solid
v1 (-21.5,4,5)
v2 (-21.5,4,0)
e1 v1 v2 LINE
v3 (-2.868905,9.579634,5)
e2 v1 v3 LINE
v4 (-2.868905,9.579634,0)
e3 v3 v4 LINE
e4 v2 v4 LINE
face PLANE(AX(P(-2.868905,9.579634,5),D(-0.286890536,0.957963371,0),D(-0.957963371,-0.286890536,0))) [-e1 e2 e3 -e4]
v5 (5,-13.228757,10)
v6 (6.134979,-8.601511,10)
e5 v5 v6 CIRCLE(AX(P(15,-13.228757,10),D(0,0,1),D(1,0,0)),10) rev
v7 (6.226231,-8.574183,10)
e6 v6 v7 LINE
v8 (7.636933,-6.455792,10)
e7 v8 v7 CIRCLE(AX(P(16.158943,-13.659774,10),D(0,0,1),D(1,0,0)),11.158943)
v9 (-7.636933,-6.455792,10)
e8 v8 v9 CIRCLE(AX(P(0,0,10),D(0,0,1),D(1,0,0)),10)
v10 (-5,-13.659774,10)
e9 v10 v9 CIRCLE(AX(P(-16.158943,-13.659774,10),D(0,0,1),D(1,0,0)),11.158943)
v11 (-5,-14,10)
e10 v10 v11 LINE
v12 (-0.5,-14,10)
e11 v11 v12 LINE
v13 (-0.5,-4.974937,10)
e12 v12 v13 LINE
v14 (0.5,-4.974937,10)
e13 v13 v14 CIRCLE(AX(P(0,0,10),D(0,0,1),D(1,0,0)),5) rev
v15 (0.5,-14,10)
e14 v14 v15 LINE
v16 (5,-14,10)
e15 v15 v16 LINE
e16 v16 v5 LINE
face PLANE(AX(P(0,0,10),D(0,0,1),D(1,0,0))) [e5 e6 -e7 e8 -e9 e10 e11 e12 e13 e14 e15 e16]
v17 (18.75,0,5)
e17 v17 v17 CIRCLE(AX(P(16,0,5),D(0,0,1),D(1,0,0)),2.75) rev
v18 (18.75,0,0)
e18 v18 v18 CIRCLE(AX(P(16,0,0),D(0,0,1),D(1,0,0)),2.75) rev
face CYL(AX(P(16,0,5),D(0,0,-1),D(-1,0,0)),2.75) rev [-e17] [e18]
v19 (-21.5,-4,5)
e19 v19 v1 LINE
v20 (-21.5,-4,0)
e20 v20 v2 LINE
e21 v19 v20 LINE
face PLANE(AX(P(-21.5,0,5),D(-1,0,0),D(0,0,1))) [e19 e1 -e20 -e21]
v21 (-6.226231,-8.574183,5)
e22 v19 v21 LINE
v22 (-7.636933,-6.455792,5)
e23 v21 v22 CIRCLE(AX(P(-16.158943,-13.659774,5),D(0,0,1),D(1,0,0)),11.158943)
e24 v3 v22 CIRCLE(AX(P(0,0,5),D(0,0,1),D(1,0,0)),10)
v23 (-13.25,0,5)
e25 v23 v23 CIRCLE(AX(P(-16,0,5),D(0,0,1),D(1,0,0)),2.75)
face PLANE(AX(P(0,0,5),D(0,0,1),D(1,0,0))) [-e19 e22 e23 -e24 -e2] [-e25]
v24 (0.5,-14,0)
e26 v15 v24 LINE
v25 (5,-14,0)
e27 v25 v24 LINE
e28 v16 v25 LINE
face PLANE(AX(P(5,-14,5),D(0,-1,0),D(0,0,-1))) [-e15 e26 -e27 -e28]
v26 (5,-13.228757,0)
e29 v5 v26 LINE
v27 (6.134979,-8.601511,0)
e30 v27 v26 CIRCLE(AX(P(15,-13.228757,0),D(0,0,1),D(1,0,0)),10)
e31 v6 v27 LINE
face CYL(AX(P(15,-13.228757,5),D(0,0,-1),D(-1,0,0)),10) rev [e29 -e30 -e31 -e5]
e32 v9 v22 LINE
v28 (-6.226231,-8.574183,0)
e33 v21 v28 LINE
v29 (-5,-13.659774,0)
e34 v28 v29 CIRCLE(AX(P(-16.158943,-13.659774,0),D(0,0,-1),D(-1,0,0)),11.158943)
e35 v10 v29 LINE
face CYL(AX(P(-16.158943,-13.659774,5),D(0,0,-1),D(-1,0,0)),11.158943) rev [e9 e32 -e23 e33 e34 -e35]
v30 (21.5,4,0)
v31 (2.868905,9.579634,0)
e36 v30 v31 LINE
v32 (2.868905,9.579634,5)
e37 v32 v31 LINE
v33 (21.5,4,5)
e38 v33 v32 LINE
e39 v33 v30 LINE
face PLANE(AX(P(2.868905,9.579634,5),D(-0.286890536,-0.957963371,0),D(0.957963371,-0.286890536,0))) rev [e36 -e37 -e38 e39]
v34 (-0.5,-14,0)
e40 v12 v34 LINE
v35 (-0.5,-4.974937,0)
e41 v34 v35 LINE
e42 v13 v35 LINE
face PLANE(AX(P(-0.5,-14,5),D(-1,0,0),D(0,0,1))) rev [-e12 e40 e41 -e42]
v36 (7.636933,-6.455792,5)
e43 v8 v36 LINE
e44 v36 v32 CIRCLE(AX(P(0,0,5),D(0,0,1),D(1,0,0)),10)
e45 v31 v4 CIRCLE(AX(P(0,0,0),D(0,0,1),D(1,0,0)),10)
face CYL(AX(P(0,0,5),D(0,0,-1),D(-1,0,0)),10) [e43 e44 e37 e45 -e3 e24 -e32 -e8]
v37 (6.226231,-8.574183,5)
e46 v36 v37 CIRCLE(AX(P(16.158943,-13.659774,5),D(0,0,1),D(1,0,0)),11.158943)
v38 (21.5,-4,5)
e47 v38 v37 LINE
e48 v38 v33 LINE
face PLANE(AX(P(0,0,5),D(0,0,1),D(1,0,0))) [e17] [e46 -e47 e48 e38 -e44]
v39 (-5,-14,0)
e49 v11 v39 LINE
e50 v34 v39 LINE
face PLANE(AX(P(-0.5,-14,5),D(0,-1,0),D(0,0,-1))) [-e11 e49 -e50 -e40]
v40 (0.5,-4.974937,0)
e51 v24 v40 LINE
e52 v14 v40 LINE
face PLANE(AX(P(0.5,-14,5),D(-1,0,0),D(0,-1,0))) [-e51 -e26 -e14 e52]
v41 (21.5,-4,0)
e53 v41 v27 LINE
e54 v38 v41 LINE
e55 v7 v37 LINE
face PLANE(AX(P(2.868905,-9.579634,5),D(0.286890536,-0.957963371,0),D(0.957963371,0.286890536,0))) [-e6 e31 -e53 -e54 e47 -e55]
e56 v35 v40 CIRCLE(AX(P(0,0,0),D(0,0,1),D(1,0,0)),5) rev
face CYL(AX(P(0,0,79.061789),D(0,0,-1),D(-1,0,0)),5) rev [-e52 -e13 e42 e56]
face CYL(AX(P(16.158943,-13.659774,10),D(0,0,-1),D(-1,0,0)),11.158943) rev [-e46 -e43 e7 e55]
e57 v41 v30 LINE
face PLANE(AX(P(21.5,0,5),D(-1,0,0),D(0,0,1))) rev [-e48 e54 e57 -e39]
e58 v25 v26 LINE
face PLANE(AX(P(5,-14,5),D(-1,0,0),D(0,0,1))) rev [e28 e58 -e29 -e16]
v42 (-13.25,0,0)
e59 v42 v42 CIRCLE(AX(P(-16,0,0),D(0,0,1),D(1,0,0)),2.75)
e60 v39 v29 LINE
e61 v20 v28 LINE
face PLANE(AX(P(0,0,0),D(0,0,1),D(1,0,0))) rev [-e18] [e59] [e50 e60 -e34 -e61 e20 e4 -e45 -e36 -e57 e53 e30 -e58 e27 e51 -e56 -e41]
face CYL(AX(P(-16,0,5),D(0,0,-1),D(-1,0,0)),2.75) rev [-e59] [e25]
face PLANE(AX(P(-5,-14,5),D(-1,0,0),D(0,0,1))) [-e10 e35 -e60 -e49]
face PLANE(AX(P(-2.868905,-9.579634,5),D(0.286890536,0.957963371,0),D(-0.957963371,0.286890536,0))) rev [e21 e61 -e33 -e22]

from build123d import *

# Parameters (mm, degrees)
SKETCH_1_R               = 2.75
EXTRUDE_4_DEPTH          = 5
EXTRUDE_5_DEPTH          = 5
EXTRUDE_START            = -10
SKETCH_6_R               = 5.188573112
EXTRUDE_6_DEPTH          = 10
CUT_EXTRUDE_1_DEPTH      = 28.536339626
CUT_EXTRUDE_1_DEPTH_BACK = 28.536339626


with BuildPart() as part:
    # Эскиз1 → Бобышка-Вытянуть4 (new body)
    with BuildSketch(Plane.XY):
        with BuildLine():
            Line((-21.5, 4), (-21.5, -4))
            Line((-21.5, -4), (-6.226230763, -8.574183073))
            ThreePointArc((-6.226230763, -8.574183073), (-5.310888369, -11.044106025), (-5, -13.659774106))
            Line((-5, -13.659774106), (-5, -14))
            Line((-5, -14), (-0.5, -14))
            Line((-0.5, -14), (-0.5, -5.164425519))
            ThreePointArc((-0.5, -5.164425519), (0, 5.188573112), (0.5, -5.164425519))
            Line((0.5, -5.164425519), (0.5, -14))
            Line((0.5, -14), (5, -14))
            Line((5, -14), (5, -13.228756555))
            ThreePointArc((5, -13.228756555), (5.287888706, -10.846552908), (6.134978844, -8.601511166))
            Line((6.134978844, -8.601511166), (21.5, -4))
            Line((21.5, -4), (21.5, 4))
            Line((21.5, 4), (2.868905356, 9.579633712))
            ThreePointArc((2.868905356, 9.579633712), (0, 10), (-2.868905356, 9.579633712))
            Line((-2.868905356, 9.579633712), (-21.5, 4))
        make_face()
        with Locations((-16, 0)):
            Circle(SKETCH_1_R, mode=Mode.SUBTRACT)
        with Locations((16, 0)):
            Circle(SKETCH_1_R, mode=Mode.SUBTRACT)
    extrude(amount=EXTRUDE_4_DEPTH)

    # Эскиз5 → Бобышка-Вытянуть5 (add)
    with BuildSketch(Plane.XY.offset(5)):
        with BuildLine():
            Line((-5, -14), (-0.5, -14))
            Line((-0.5, -14), (-0.5, -5.164425519))
            ThreePointArc((-0.5, -5.164425519), (-3.48762128, 3.841586749), (5.188573112, 0))
            ThreePointArc((5.188573112, 0), (3.841586749, -3.48762128), (0.5, -5.164425519))
            Line((0.5, -5.164425519), (0.5, -14))
            Line((0.5, -14), (5, -14))
            Line((5, -14), (5, -13.659774106))
            Line((5, -13.659774106), (5, -13.228756555))
            ThreePointArc((5, -13.228756555), (5.287888706, -10.846552908), (6.134978844, -8.601511166))
            Line((6.134978844, -8.601511166), (6.226230763, -8.574183073))
            ThreePointArc((6.226230763, -8.574183073), (6.870989069, -7.474637071), (7.636932983, -6.455792331))
            ThreePointArc((7.636932983, -6.455792331), (9.585242923, 2.850108438), (2.868905356, 9.579633712))
            ThreePointArc((2.868905356, 9.579633712), (0, 10), (-2.868905356, 9.579633712))
            ThreePointArc((-2.868905356, 9.579633712), (-9.585242923, 2.850108438), (-7.636932983, -6.455792331))
            ThreePointArc((-7.636932983, -6.455792331), (-6.870989069, -7.474637071), (-6.226230763, -8.574183073))
            ThreePointArc((-6.226230763, -8.574183073), (-5.310888369, -11.044106025), (-5, -13.659774106))
            Line((-5, -13.659774106), (-5, -14))
        make_face()
    extrude(amount=EXTRUDE_5_DEPTH)

    # Эскиз6 → Бобышка-Вытянуть6 (add)
    with BuildSketch(Plane.XY.offset(10).offset(EXTRUDE_START)):
        Circle(SKETCH_6_R)
    extrude(amount=EXTRUDE_6_DEPTH)

    # Эскиз7 → Вырез-Вытянуть1 (cut, two sides: drawn at the far end of the back side and taken through both)
    with BuildSketch(Plane.XY.offset(10).offset(-CUT_EXTRUDE_1_DEPTH_BACK)):
        with BuildLine():
            Line((-0.5, -4.974937186), (-0.5, -5.164425519))
            ThreePointArc((-0.5, -5.164425519), (0, -5.188573112), (0.5, -5.164425519))
            Line((0.5, -5.164425519), (0.5, -4.974937186))
            ThreePointArc((0.5, -4.974937186), (0, 5), (-0.5, -4.974937186))
        make_face()
    extrude(amount=CUT_EXTRUDE_1_DEPTH + CUT_EXTRUDE_1_DEPTH_BACK, mode=Mode.SUBTRACT)


solid = part.part
